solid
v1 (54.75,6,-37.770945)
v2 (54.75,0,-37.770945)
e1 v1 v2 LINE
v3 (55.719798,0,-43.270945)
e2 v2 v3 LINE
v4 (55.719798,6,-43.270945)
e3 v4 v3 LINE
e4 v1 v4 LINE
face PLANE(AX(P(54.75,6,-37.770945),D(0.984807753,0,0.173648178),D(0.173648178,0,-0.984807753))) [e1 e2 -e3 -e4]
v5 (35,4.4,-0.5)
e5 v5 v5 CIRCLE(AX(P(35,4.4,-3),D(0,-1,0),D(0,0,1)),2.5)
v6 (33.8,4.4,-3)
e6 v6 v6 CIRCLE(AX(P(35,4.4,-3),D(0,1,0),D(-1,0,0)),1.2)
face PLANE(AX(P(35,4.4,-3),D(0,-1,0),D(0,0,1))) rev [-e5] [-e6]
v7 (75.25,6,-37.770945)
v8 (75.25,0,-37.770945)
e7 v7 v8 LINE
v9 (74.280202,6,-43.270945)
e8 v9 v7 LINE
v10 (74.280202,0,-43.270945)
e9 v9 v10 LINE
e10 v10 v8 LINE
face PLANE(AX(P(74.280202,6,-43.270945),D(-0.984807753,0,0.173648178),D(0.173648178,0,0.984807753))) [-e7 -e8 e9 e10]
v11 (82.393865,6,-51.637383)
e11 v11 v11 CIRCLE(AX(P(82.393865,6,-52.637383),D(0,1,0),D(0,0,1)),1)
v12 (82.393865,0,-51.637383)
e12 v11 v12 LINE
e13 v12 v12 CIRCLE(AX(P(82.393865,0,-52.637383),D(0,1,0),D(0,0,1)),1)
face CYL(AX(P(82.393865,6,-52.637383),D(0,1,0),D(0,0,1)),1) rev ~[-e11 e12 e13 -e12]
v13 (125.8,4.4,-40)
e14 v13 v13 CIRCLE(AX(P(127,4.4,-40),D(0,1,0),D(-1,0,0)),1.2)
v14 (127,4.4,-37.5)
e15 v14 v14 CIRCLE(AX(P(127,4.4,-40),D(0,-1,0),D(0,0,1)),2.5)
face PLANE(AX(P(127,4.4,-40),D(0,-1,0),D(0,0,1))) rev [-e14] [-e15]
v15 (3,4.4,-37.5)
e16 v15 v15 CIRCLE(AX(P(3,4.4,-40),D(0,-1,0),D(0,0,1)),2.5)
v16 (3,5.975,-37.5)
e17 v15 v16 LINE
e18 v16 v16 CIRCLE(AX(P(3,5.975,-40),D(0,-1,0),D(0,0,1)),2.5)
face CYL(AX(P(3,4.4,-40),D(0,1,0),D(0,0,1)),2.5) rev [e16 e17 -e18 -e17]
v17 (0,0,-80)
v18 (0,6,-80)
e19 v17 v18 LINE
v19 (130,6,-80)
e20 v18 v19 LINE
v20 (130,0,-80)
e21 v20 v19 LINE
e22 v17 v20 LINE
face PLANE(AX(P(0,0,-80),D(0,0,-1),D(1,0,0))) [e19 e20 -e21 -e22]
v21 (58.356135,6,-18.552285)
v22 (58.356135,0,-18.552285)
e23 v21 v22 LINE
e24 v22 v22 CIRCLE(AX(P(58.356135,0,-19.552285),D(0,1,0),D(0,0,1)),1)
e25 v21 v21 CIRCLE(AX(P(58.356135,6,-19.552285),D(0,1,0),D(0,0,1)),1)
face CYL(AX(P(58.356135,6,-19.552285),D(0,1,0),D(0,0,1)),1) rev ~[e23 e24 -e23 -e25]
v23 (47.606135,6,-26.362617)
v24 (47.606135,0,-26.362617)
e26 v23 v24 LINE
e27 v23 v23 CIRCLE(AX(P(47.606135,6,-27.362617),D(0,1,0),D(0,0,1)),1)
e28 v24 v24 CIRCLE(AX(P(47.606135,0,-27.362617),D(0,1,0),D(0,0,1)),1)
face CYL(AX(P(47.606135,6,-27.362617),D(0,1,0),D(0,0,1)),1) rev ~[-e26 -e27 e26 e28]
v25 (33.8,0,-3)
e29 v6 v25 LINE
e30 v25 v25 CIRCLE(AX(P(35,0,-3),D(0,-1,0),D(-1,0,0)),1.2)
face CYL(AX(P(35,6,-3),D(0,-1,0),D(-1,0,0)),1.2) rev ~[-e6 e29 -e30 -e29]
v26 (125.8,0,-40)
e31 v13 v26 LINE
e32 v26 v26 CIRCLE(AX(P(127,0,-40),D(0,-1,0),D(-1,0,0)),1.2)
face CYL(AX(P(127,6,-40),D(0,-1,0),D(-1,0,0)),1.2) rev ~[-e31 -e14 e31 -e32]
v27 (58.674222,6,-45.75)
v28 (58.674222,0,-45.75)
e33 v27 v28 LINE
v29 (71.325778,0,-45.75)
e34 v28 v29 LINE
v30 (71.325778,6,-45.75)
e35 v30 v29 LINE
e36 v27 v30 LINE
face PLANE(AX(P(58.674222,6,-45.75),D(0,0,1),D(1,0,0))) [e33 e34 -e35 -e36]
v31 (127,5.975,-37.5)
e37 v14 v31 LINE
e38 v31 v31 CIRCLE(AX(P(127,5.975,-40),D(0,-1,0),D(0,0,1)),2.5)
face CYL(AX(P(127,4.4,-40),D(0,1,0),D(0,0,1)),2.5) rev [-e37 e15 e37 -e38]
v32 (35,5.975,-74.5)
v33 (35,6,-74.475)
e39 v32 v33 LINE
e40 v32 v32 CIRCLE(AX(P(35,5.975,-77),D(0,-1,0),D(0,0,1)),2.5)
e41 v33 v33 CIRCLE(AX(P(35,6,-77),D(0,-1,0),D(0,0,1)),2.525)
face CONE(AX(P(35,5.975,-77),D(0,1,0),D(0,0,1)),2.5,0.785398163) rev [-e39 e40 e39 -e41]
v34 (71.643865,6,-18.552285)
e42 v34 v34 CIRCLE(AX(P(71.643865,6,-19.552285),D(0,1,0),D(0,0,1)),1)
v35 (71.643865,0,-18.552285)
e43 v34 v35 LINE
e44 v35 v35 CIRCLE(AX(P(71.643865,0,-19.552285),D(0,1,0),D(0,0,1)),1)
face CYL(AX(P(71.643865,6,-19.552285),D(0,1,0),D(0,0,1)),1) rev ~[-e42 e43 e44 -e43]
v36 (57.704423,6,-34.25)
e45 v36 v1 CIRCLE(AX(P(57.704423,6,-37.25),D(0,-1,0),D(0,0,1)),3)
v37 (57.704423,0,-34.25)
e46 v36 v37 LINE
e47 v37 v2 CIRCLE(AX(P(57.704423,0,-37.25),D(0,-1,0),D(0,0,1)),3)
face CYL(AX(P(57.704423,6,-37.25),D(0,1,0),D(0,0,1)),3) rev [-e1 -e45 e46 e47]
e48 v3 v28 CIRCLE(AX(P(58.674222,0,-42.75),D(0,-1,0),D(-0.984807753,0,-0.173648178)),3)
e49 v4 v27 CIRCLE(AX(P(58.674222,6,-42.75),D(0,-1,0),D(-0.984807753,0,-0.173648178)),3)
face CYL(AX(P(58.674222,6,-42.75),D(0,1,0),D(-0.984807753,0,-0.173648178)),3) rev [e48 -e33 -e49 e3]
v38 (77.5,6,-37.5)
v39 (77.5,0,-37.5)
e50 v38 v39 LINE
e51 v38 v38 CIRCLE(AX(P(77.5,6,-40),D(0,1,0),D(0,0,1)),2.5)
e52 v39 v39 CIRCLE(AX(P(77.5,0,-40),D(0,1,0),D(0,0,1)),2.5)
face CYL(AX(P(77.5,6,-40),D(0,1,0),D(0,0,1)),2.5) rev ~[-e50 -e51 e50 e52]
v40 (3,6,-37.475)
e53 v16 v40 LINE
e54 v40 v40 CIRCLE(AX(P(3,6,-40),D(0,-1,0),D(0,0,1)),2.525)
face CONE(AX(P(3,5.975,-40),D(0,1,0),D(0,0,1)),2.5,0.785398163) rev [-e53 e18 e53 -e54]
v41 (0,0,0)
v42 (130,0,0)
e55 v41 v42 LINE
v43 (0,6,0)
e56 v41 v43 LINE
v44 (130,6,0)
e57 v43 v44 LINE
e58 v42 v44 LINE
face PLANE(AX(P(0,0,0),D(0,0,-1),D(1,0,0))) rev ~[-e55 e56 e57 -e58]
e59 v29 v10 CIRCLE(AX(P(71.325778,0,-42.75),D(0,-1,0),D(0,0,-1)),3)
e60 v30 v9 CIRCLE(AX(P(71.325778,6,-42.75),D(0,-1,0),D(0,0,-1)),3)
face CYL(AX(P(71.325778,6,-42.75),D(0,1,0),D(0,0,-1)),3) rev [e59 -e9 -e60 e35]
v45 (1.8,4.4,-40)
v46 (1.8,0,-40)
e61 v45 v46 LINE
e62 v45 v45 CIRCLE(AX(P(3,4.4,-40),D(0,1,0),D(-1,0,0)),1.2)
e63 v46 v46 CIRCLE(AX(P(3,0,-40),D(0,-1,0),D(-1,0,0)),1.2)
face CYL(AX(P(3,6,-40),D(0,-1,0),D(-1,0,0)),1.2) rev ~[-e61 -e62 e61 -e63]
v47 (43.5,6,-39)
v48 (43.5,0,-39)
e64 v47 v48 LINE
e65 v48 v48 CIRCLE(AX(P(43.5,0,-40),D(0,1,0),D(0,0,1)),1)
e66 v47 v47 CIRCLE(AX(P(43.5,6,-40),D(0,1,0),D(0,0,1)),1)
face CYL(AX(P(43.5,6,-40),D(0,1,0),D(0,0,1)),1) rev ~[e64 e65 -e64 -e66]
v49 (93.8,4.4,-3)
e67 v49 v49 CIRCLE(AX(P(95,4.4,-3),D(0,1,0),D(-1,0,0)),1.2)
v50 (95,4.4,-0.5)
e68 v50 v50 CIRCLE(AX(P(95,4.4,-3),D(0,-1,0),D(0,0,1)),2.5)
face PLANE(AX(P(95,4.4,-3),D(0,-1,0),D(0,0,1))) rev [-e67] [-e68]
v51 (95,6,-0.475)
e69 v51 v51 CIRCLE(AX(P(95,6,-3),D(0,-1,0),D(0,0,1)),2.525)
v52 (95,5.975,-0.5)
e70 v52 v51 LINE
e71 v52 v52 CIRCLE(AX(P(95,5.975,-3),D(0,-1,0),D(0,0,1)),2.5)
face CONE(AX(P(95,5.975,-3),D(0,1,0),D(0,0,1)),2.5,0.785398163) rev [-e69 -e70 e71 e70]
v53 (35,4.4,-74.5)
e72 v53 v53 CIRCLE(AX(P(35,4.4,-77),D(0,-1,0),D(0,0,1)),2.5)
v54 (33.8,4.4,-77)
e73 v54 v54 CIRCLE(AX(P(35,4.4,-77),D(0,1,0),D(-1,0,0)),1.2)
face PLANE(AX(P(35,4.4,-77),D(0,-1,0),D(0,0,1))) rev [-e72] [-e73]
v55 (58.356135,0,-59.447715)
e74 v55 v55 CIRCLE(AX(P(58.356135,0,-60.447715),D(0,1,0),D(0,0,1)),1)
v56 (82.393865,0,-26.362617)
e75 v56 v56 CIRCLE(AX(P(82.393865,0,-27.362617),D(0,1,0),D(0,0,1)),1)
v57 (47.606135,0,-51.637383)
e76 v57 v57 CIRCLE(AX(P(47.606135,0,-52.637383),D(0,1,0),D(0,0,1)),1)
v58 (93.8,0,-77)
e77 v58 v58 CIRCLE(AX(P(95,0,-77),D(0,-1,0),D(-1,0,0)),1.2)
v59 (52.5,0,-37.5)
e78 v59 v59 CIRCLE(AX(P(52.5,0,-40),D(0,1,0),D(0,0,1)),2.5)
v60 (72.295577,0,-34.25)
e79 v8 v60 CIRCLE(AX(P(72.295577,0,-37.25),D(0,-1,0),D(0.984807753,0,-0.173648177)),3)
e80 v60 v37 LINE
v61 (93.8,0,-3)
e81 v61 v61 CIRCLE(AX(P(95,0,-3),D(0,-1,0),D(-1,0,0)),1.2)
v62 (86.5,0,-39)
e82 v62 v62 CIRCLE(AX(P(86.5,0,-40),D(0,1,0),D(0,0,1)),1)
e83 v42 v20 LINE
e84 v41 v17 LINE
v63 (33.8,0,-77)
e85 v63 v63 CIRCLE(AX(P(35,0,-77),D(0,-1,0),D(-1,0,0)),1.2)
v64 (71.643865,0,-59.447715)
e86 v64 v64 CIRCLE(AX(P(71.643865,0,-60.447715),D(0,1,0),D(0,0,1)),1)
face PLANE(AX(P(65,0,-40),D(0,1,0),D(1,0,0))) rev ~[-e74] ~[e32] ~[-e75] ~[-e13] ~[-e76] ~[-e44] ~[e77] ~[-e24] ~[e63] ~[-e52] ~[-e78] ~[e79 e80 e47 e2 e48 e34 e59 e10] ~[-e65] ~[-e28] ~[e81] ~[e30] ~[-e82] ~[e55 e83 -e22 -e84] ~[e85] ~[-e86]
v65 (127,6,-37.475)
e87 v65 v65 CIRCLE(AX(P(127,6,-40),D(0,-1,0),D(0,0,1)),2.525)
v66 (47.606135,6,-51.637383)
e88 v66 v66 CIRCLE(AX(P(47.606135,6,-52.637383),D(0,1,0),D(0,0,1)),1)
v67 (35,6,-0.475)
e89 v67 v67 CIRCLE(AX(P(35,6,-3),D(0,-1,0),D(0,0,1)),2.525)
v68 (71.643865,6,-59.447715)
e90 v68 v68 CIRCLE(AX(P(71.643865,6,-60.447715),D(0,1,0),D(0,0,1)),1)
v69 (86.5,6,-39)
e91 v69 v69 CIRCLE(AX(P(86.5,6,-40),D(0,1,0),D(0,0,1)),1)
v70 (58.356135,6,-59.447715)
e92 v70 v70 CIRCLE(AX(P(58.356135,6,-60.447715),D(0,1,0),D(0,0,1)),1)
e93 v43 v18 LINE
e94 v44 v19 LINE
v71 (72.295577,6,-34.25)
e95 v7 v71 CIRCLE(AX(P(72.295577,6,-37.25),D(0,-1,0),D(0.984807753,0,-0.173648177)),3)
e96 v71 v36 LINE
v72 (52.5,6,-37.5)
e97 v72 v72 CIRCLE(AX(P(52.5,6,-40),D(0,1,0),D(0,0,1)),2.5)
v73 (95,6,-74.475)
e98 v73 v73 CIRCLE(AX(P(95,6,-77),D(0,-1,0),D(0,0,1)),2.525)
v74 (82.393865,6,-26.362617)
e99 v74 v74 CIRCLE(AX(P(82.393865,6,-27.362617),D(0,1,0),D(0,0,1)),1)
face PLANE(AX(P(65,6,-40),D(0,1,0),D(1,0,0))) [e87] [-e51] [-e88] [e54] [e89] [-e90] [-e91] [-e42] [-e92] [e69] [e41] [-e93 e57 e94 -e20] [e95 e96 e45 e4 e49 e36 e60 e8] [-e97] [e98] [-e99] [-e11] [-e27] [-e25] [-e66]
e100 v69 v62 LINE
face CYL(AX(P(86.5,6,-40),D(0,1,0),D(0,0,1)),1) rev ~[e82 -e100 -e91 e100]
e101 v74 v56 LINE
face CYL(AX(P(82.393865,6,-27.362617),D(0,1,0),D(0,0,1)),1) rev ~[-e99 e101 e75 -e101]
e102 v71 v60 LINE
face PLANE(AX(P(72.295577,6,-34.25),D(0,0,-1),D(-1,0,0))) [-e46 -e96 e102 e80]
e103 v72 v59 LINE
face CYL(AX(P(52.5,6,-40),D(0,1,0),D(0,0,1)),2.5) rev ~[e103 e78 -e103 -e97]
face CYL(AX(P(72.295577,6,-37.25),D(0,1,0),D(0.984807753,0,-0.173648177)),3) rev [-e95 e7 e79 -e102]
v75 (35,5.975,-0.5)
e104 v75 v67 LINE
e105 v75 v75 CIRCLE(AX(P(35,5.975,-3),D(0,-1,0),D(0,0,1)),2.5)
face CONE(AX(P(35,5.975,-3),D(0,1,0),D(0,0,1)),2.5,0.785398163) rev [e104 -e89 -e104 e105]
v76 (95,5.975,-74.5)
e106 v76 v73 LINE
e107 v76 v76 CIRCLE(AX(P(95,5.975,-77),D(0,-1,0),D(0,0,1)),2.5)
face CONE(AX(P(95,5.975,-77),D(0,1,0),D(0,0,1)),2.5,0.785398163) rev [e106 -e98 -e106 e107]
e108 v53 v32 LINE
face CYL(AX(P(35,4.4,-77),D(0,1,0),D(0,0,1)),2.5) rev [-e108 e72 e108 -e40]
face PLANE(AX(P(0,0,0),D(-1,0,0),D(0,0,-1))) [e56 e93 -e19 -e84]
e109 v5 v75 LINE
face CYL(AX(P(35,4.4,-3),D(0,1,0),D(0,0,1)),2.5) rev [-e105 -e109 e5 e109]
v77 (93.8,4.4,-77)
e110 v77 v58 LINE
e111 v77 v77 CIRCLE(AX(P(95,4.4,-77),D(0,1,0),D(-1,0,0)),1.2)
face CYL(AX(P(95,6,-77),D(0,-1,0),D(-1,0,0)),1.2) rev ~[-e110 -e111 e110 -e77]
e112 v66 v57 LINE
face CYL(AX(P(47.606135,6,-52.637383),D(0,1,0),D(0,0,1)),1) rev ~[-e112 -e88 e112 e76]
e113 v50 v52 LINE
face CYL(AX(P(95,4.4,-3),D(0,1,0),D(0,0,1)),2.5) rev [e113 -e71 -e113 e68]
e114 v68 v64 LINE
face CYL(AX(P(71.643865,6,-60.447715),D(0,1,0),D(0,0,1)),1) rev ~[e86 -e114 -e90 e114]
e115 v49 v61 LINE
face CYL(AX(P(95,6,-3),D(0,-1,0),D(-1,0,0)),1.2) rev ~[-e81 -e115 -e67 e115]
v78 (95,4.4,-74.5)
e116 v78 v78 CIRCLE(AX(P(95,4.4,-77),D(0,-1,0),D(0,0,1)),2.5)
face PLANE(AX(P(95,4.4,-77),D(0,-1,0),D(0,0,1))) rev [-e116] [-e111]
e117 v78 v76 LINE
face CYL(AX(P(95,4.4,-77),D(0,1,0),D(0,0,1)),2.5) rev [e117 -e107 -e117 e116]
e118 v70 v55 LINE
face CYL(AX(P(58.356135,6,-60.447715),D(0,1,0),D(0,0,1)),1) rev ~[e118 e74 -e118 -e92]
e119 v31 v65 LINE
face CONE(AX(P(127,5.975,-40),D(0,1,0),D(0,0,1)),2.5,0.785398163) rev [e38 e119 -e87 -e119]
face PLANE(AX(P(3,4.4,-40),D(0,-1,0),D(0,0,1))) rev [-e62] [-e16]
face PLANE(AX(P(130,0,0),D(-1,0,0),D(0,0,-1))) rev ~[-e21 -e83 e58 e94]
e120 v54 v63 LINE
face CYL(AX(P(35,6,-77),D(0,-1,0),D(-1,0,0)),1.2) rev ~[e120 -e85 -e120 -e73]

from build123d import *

# Parameters (mm, degrees)
SKIZZE1_W                                    = 130
SKIZZE1_H                                    = 80
AUFSATZ_LINEAR_AUSTRAGEN1_DEPTH              = 6
F_2_4_2_4_DURCHMESSER_BOHRUNG1_D             = 2.4
F_2_4_2_4_DURCHMESSER_BOHRUNG1_DEPTH         = 10
F_2_4_2_4_DURCHMESSER_BOHRUNG1_CSINK_D       = 2.45
F_2_4_2_4_DURCHMESSER_BOHRUNG1_CSINK_ANGLE   = 90
F_2_4_2_4_DURCHMESSER_BOHRUNG1_TIP           = 0.721032743
STIRNSENKUNG_F_R_M2_FLACHKOPFSCHRAUB_2_COUNT = 2
STIRNSENKUNG_F_R_M2_FLACHKOPFSCHRAUB_2_PITCH = 48.918299235
STIRNSENKUNG_F_R_M2_FLACHKOPFSCHRAUB_3_COUNT = 2
STIRNSENKUNG_F_R_M2_FLACHKOPFSCHRAUB_3_PITCH = 74
STIRNSENKUNG_F_R_M2_FLACHKOPFSCHRAUB_4_COUNT = 2
STIRNSENKUNG_F_R_M2_FLACHKOPFSCHRAUB_4_PITCH = 95.268042911
STIRNSENKUNG_F_R_M2_FLACHKOPFSCHRAUB_5_COUNT = 2
STIRNSENKUNG_F_R_M2_FLACHKOPFSCHRAUB_5_PITCH = 99.161484458
STIRNSENKUNG_F_R_M2_FLACHKOPFSCHRAUB_6_COUNT = 2
STIRNSENKUNG_F_R_M2_FLACHKOPFSCHRAUB_6_PITCH = 60
SKIZZE8_R                                    = 1
SKIZZE8_R_2                                  = 2.5
SCHNITT_LINEAR_AUSTRAGEN1_DEPTH              = 6


with BuildPart() as part:
    # Skizze1 → Aufsatz-Linear austragen1 (new body)
    with BuildSketch(Plane(origin=(0, 0, 0), x_dir=(1, 0, 0), z_dir=(0, 1, 0))):
        with Locations((65, 40)):
            Rectangle(SKIZZE1_W, SKIZZE1_H)
    extrude(amount=AUFSATZ_LINEAR_AUSTRAGEN1_DEPTH)

    # Ø2.4 (2.4) Durchmesser Bohrung1
    with Locations(Plane(origin=(0, 6, 0), x_dir=(1, 0, 0), z_dir=(0, 1, 0))):
        with Locations((35, 77), (95, 77), (127, 40), (95, 3), (35, 3), (3, 40), (133.088689194, 32.803420387)):
            CounterSinkHole(F_2_4_2_4_DURCHMESSER_BOHRUNG1_D / 2, F_2_4_2_4_DURCHMESSER_BOHRUNG1_CSINK_D / 2, depth=F_2_4_2_4_DURCHMESSER_BOHRUNG1_DEPTH, counter_sink_angle=F_2_4_2_4_DURCHMESSER_BOHRUNG1_CSINK_ANGLE)
            with Locations((0, 0, -(F_2_4_2_4_DURCHMESSER_BOHRUNG1_DEPTH + F_2_4_2_4_DURCHMESSER_BOHRUNG1_TIP / 2))):  # 118° drill point
                Cone(0, F_2_4_2_4_DURCHMESSER_BOHRUNG1_D / 2, F_2_4_2_4_DURCHMESSER_BOHRUNG1_TIP, mode=Mode.SUBTRACT)

    # Skizze7 → Stirnsenkung für M2 Flachkopfschraube mit Schlitz1 (revolve, cut)
    with BuildSketch(Plane(origin=(95, 6, -3), x_dir=(0, 0, 1), z_dir=(1, 0, 0))):
        Polygon((0, 0), (0, 2.721032743), (1.2, 2), (1.2, 1.6), (2.5, 1.6), (2.5, 0.025), (2.525, 0), align=None)
    stirnsenkung_f_r_m2_flachkopfschraube_mi = revolve(axis=Axis((95, 12.35, -3), (0, -1, 0)), mode=Mode.SUBTRACT)

    # Stirnsenkung f_r M2 Flachkopfschraub 2: Stirnsenkung für M2 Flachkopfschraube mit Schlitz1 ×2
    with Locations(*[Vector(0.6541519329315842, 0, -0.7563631724521444) * (i * STIRNSENKUNG_F_R_M2_FLACHKOPFSCHRAUB_2_PITCH) for i in range(1, STIRNSENKUNG_F_R_M2_FLACHKOPFSCHRAUB_2_COUNT)]):
        add(stirnsenkung_f_r_m2_flachkopfschraube_mi, mode=Mode.SUBTRACT)

    # Stirnsenkung f_r M2 Flachkopfschraub 3: Stirnsenkung für M2 Flachkopfschraube mit Schlitz1 ×2
    with Locations(*[(0, 0, -i * STIRNSENKUNG_F_R_M2_FLACHKOPFSCHRAUB_3_PITCH) for i in range(1, STIRNSENKUNG_F_R_M2_FLACHKOPFSCHRAUB_3_COUNT)]):
        add(stirnsenkung_f_r_m2_flachkopfschraube_mi, mode=Mode.SUBTRACT)

    # Stirnsenkung f_r M2 Flachkopfschraub 4: Stirnsenkung für M2 Flachkopfschraube mit Schlitz1 ×2
    with Locations(*[Vector(-0.6298019584212194, 0, -0.7767557487195037) * (i * STIRNSENKUNG_F_R_M2_FLACHKOPFSCHRAUB_4_PITCH) for i in range(1, STIRNSENKUNG_F_R_M2_FLACHKOPFSCHRAUB_4_COUNT)]):
        add(stirnsenkung_f_r_m2_flachkopfschraube_mi, mode=Mode.SUBTRACT)

    # Stirnsenkung f_r M2 Flachkopfschraub 5: Stirnsenkung für M2 Flachkopfschraube mit Schlitz1 ×2
    with Locations(*[Vector(-0.9277795759357077, 0, -0.37312874249588235) * (i * STIRNSENKUNG_F_R_M2_FLACHKOPFSCHRAUB_5_PITCH) for i in range(1, STIRNSENKUNG_F_R_M2_FLACHKOPFSCHRAUB_5_COUNT)]):
        add(stirnsenkung_f_r_m2_flachkopfschraube_mi, mode=Mode.SUBTRACT)

    # Stirnsenkung f_r M2 Flachkopfschraub 6: Stirnsenkung für M2 Flachkopfschraube mit Schlitz1 ×2
    with Locations(*[(-i * STIRNSENKUNG_F_R_M2_FLACHKOPFSCHRAUB_6_PITCH, 0, 0) for i in range(1, STIRNSENKUNG_F_R_M2_FLACHKOPFSCHRAUB_6_COUNT)]):
        add(stirnsenkung_f_r_m2_flachkopfschraube_mi, mode=Mode.SUBTRACT)

    # Skizze8 → Schnitt-Linear austragen1 (cut)
    with BuildSketch(Plane(origin=(0, 6, 0), x_dir=(1, 0, 0), z_dir=(0, 1, 0))):
        with Locations(Location((47.606134621, 52.637382924, 0), (0, 0, 270))):
            Circle(SKIZZE8_R)
        with Locations(Location((58.356134621, 60.4477151, 0), (0, 0, 270))):
            Circle(SKIZZE8_R)
        with Locations(Location((71.643865379, 60.4477151, 0), (0, 0, 270))):
            Circle(SKIZZE8_R)
        with Locations(Location((82.393865379, 52.637382924, 0), (0, 0, 270))):
            Circle(SKIZZE8_R)
        with Locations(Location((86.5, 40, 0), (0, 0, 270))):
            Circle(SKIZZE8_R)
        with Locations(Location((82.393865379, 27.362617076, 0), (0, 0, 270))):
            Circle(SKIZZE8_R)
        with Locations(Location((71.643865379, 19.5522849, 0), (0, 0, 270))):
            Circle(SKIZZE8_R)
        with Locations(Location((58.356134621, 19.5522849, 0), (0, 0, 270))):
            Circle(SKIZZE8_R)
        with Locations(Location((47.606134621, 27.362617076, 0), (0, 0, 270))):
            Circle(SKIZZE8_R)
        with Locations(Location((43.5, 40, 0), (0, 0, 270))):
            Circle(SKIZZE8_R)
        with Locations(Location((77.5, 40, 0), (0, 0, 270))):
            Circle(SKIZZE8_R_2)
        with Locations(Location((52.5, 40, 0), (0, 0, 270))):
            Circle(SKIZZE8_R_2)
        with BuildLine():
            Line((72.295576741, 34.25), (57.704423259, 34.25))
            ThreePointArc((57.704423259, 34.25), (55.40628993, 35.321637171), (54.75, 37.770944533))
            Line((54.75, 37.770944533), (55.719798394, 43.270944533))
            ThreePointArc((55.719798394, 43.270944533), (56.745858824, 45.048133329), (58.674221653, 45.75))
            Line((58.674221653, 45.75), (71.325778347, 45.75))
            ThreePointArc((71.325778347, 45.75), (73.254141176, 45.048133329), (74.280201606, 43.270944533))
            Line((74.280201606, 43.270944533), (75.25, 37.770944533))
            ThreePointArc((75.25, 37.770944533), (74.59371007, 35.321637171), (72.295576741, 34.25))
        make_face()
    extrude(amount=-SCHNITT_LINEAR_AUSTRAGEN1_DEPTH, mode=Mode.SUBTRACT)


solid = part.part
